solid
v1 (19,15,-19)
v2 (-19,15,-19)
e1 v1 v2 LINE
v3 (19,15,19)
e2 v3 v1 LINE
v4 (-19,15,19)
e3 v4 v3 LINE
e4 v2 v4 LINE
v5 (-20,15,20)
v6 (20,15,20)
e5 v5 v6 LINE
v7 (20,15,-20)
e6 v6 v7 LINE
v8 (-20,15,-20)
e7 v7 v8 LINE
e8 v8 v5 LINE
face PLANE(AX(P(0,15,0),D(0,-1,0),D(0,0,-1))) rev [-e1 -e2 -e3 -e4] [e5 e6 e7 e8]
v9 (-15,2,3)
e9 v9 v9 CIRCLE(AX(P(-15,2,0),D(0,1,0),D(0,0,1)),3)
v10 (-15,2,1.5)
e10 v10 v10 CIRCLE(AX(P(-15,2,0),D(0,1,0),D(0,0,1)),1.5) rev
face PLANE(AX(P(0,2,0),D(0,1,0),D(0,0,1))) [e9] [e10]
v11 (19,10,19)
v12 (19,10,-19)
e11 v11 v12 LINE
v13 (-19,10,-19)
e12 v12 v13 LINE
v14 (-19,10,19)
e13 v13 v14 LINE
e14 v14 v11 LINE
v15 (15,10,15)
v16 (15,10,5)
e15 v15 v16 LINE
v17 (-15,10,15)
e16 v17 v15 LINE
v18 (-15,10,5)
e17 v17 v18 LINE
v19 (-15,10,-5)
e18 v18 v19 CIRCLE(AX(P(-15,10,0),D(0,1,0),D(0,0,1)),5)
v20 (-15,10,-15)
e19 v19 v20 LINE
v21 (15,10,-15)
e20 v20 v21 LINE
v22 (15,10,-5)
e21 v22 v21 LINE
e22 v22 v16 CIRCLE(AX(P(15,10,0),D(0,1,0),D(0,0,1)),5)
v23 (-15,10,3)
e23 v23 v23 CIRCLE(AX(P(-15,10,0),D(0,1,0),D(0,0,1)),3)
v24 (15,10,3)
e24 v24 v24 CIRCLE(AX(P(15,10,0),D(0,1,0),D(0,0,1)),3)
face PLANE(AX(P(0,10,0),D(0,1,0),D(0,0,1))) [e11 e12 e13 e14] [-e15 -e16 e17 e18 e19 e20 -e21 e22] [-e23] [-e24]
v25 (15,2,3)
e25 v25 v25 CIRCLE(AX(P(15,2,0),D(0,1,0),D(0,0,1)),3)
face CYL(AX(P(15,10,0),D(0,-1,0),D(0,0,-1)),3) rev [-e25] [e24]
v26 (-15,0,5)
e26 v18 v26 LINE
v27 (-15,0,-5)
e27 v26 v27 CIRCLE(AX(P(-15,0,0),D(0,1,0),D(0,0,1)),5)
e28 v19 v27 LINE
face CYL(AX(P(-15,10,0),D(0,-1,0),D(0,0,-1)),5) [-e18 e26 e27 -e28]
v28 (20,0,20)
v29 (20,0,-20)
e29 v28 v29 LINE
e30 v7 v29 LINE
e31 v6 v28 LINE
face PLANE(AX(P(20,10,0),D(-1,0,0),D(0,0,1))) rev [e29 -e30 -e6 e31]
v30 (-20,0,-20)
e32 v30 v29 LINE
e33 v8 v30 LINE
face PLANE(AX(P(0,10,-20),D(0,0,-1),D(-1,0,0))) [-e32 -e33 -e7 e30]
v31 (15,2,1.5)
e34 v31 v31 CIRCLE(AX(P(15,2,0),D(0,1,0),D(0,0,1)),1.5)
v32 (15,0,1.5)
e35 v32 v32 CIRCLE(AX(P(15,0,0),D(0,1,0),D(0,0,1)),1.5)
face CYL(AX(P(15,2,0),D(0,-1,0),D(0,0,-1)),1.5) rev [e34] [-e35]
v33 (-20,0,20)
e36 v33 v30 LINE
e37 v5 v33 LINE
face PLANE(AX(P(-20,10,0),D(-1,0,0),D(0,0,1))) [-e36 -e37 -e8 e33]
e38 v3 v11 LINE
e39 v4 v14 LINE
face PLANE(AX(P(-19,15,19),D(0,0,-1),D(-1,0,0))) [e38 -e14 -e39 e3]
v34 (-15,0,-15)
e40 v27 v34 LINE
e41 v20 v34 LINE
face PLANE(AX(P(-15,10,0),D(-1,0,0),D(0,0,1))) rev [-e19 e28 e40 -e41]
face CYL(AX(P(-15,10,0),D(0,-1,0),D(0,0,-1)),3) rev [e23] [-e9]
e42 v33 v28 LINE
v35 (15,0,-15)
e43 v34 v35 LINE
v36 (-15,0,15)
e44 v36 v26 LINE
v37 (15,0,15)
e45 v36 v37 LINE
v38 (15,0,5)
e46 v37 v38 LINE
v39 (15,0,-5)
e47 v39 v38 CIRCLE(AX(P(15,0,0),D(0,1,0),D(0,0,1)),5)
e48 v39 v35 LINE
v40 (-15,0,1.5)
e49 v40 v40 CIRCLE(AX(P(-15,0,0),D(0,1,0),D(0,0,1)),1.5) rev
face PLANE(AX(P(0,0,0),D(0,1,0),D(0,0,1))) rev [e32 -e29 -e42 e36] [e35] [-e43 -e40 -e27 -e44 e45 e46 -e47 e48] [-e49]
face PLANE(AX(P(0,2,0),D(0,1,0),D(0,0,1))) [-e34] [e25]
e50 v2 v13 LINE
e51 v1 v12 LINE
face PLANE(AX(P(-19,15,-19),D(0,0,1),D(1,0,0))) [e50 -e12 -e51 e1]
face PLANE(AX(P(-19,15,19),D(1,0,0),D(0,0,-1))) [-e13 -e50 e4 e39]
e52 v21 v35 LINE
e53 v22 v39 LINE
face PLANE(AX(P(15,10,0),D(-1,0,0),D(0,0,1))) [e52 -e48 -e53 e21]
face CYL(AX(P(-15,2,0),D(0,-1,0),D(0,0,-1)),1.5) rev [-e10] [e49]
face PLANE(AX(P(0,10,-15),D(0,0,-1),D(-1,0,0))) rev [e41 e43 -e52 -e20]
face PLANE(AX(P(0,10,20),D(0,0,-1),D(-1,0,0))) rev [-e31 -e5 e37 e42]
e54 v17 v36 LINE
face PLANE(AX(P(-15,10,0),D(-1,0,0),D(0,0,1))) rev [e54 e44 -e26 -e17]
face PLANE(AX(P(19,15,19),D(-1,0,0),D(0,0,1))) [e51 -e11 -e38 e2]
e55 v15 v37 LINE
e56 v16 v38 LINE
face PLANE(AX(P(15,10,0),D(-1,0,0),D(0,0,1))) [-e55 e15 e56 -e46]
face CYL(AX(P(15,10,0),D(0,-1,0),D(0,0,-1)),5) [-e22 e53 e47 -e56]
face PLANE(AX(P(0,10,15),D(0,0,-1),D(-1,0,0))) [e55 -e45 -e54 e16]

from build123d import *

# Parameters (mm, degrees)
SKETCH1_W           = 40
SKETCH1_H           = 40
SKETCH1_R           = 3
BOSS_EXTRUDE2_DEPTH = 10
BOSS_EXTRUDE3_DEPTH = 10
SKETCH1_5_R         = 3
SKETCH1_5_R_2       = 1.5
BOSS_EXTRUDE4_DEPTH = 2
SKETCH2_W           = 40
SKETCH2_H           = 40
SKETCH2_W_2         = 38
SKETCH2_H_2         = 38
BOSS_EXTRUDE5_DEPTH = 5


with BuildPart() as part:
    # Sketch1 → Boss-Extrude2 (new body)
    with BuildSketch(Plane(origin=(0, 0, 0), x_dir=(1, 0, 0), z_dir=(0, 1, 0))):
        Rectangle(SKETCH1_W, SKETCH1_H)
        with BuildLine():
            Line((-15, 3), (-15, 15))
            Line((-15, 15), (15, 15))
            Line((15, 15), (15, 5))
            ThreePointArc((15, 5), (10, 0), (15, -5))
            Line((15, -5), (15, -15))
            Line((15, -15), (-15, -15))
            Line((-15, -15), (-15, -3))
            ThreePointArc((-15, -3), (-18, 0), (-15, 3))
        make_face(mode=Mode.SUBTRACT)
        with Locations((15, 0)):
            Circle(SKETCH1_R, mode=Mode.SUBTRACT)
    extrude(amount=BOSS_EXTRUDE2_DEPTH)

    # Sketch1<4> → Boss-Extrude3 (add)
    with BuildSketch(Plane(origin=(0, 0, 0), x_dir=(1, 0, 0), z_dir=(0, 1, 0))):
        with BuildLine():
            ThreePointArc((-10, 0), (-11.464466094, 3.535533906), (-15, 5))
            Line((-15, 5), (-15, 3))
            ThreePointArc((-15, 3), (-12.878679656, 2.121320344), (-12, 0))
            ThreePointArc((-12, 0), (-12.878679656, -2.121320344), (-15, -3))
            Line((-15, -3), (-15, -5))
            ThreePointArc((-15, -5), (-11.464466094, -3.535533906), (-10, 0))
        make_face()
    extrude(amount=BOSS_EXTRUDE3_DEPTH)

    # Sketch1<5> → Boss-Extrude4 (add)
    # profile 1 of 2: a face of its own
    with BuildSketch(Plane(origin=(0, 0, 0), x_dir=(1, 0, 0), z_dir=(0, 1, 0))):
        with Locations((-15, 0)):
            Circle(SKETCH1_5_R)
        with Locations((-15, 0)):
            Circle(SKETCH1_5_R_2, mode=Mode.SUBTRACT)
    # profile 2 of 2: a face of its own
    with BuildSketch(Plane(origin=(0, 0, 0), x_dir=(1, 0, 0), z_dir=(0, 1, 0))):
        with Locations((15, 0)):
            Circle(SKETCH1_5_R)
        with Locations((15, 0)):
            Circle(SKETCH1_5_R_2, mode=Mode.SUBTRACT)
    extrude(amount=BOSS_EXTRUDE4_DEPTH)

    # Sketch2 → Boss-Extrude5 (add)
    with BuildSketch(Plane(origin=(0, 10, 0), x_dir=(1, 0, 0), z_dir=(0, 1, 0))):
        Rectangle(SKETCH2_W, SKETCH2_H)
        Rectangle(SKETCH2_W_2, SKETCH2_H_2, mode=Mode.SUBTRACT)
    extrude(amount=BOSS_EXTRUDE5_DEPTH)


solid = part.part
